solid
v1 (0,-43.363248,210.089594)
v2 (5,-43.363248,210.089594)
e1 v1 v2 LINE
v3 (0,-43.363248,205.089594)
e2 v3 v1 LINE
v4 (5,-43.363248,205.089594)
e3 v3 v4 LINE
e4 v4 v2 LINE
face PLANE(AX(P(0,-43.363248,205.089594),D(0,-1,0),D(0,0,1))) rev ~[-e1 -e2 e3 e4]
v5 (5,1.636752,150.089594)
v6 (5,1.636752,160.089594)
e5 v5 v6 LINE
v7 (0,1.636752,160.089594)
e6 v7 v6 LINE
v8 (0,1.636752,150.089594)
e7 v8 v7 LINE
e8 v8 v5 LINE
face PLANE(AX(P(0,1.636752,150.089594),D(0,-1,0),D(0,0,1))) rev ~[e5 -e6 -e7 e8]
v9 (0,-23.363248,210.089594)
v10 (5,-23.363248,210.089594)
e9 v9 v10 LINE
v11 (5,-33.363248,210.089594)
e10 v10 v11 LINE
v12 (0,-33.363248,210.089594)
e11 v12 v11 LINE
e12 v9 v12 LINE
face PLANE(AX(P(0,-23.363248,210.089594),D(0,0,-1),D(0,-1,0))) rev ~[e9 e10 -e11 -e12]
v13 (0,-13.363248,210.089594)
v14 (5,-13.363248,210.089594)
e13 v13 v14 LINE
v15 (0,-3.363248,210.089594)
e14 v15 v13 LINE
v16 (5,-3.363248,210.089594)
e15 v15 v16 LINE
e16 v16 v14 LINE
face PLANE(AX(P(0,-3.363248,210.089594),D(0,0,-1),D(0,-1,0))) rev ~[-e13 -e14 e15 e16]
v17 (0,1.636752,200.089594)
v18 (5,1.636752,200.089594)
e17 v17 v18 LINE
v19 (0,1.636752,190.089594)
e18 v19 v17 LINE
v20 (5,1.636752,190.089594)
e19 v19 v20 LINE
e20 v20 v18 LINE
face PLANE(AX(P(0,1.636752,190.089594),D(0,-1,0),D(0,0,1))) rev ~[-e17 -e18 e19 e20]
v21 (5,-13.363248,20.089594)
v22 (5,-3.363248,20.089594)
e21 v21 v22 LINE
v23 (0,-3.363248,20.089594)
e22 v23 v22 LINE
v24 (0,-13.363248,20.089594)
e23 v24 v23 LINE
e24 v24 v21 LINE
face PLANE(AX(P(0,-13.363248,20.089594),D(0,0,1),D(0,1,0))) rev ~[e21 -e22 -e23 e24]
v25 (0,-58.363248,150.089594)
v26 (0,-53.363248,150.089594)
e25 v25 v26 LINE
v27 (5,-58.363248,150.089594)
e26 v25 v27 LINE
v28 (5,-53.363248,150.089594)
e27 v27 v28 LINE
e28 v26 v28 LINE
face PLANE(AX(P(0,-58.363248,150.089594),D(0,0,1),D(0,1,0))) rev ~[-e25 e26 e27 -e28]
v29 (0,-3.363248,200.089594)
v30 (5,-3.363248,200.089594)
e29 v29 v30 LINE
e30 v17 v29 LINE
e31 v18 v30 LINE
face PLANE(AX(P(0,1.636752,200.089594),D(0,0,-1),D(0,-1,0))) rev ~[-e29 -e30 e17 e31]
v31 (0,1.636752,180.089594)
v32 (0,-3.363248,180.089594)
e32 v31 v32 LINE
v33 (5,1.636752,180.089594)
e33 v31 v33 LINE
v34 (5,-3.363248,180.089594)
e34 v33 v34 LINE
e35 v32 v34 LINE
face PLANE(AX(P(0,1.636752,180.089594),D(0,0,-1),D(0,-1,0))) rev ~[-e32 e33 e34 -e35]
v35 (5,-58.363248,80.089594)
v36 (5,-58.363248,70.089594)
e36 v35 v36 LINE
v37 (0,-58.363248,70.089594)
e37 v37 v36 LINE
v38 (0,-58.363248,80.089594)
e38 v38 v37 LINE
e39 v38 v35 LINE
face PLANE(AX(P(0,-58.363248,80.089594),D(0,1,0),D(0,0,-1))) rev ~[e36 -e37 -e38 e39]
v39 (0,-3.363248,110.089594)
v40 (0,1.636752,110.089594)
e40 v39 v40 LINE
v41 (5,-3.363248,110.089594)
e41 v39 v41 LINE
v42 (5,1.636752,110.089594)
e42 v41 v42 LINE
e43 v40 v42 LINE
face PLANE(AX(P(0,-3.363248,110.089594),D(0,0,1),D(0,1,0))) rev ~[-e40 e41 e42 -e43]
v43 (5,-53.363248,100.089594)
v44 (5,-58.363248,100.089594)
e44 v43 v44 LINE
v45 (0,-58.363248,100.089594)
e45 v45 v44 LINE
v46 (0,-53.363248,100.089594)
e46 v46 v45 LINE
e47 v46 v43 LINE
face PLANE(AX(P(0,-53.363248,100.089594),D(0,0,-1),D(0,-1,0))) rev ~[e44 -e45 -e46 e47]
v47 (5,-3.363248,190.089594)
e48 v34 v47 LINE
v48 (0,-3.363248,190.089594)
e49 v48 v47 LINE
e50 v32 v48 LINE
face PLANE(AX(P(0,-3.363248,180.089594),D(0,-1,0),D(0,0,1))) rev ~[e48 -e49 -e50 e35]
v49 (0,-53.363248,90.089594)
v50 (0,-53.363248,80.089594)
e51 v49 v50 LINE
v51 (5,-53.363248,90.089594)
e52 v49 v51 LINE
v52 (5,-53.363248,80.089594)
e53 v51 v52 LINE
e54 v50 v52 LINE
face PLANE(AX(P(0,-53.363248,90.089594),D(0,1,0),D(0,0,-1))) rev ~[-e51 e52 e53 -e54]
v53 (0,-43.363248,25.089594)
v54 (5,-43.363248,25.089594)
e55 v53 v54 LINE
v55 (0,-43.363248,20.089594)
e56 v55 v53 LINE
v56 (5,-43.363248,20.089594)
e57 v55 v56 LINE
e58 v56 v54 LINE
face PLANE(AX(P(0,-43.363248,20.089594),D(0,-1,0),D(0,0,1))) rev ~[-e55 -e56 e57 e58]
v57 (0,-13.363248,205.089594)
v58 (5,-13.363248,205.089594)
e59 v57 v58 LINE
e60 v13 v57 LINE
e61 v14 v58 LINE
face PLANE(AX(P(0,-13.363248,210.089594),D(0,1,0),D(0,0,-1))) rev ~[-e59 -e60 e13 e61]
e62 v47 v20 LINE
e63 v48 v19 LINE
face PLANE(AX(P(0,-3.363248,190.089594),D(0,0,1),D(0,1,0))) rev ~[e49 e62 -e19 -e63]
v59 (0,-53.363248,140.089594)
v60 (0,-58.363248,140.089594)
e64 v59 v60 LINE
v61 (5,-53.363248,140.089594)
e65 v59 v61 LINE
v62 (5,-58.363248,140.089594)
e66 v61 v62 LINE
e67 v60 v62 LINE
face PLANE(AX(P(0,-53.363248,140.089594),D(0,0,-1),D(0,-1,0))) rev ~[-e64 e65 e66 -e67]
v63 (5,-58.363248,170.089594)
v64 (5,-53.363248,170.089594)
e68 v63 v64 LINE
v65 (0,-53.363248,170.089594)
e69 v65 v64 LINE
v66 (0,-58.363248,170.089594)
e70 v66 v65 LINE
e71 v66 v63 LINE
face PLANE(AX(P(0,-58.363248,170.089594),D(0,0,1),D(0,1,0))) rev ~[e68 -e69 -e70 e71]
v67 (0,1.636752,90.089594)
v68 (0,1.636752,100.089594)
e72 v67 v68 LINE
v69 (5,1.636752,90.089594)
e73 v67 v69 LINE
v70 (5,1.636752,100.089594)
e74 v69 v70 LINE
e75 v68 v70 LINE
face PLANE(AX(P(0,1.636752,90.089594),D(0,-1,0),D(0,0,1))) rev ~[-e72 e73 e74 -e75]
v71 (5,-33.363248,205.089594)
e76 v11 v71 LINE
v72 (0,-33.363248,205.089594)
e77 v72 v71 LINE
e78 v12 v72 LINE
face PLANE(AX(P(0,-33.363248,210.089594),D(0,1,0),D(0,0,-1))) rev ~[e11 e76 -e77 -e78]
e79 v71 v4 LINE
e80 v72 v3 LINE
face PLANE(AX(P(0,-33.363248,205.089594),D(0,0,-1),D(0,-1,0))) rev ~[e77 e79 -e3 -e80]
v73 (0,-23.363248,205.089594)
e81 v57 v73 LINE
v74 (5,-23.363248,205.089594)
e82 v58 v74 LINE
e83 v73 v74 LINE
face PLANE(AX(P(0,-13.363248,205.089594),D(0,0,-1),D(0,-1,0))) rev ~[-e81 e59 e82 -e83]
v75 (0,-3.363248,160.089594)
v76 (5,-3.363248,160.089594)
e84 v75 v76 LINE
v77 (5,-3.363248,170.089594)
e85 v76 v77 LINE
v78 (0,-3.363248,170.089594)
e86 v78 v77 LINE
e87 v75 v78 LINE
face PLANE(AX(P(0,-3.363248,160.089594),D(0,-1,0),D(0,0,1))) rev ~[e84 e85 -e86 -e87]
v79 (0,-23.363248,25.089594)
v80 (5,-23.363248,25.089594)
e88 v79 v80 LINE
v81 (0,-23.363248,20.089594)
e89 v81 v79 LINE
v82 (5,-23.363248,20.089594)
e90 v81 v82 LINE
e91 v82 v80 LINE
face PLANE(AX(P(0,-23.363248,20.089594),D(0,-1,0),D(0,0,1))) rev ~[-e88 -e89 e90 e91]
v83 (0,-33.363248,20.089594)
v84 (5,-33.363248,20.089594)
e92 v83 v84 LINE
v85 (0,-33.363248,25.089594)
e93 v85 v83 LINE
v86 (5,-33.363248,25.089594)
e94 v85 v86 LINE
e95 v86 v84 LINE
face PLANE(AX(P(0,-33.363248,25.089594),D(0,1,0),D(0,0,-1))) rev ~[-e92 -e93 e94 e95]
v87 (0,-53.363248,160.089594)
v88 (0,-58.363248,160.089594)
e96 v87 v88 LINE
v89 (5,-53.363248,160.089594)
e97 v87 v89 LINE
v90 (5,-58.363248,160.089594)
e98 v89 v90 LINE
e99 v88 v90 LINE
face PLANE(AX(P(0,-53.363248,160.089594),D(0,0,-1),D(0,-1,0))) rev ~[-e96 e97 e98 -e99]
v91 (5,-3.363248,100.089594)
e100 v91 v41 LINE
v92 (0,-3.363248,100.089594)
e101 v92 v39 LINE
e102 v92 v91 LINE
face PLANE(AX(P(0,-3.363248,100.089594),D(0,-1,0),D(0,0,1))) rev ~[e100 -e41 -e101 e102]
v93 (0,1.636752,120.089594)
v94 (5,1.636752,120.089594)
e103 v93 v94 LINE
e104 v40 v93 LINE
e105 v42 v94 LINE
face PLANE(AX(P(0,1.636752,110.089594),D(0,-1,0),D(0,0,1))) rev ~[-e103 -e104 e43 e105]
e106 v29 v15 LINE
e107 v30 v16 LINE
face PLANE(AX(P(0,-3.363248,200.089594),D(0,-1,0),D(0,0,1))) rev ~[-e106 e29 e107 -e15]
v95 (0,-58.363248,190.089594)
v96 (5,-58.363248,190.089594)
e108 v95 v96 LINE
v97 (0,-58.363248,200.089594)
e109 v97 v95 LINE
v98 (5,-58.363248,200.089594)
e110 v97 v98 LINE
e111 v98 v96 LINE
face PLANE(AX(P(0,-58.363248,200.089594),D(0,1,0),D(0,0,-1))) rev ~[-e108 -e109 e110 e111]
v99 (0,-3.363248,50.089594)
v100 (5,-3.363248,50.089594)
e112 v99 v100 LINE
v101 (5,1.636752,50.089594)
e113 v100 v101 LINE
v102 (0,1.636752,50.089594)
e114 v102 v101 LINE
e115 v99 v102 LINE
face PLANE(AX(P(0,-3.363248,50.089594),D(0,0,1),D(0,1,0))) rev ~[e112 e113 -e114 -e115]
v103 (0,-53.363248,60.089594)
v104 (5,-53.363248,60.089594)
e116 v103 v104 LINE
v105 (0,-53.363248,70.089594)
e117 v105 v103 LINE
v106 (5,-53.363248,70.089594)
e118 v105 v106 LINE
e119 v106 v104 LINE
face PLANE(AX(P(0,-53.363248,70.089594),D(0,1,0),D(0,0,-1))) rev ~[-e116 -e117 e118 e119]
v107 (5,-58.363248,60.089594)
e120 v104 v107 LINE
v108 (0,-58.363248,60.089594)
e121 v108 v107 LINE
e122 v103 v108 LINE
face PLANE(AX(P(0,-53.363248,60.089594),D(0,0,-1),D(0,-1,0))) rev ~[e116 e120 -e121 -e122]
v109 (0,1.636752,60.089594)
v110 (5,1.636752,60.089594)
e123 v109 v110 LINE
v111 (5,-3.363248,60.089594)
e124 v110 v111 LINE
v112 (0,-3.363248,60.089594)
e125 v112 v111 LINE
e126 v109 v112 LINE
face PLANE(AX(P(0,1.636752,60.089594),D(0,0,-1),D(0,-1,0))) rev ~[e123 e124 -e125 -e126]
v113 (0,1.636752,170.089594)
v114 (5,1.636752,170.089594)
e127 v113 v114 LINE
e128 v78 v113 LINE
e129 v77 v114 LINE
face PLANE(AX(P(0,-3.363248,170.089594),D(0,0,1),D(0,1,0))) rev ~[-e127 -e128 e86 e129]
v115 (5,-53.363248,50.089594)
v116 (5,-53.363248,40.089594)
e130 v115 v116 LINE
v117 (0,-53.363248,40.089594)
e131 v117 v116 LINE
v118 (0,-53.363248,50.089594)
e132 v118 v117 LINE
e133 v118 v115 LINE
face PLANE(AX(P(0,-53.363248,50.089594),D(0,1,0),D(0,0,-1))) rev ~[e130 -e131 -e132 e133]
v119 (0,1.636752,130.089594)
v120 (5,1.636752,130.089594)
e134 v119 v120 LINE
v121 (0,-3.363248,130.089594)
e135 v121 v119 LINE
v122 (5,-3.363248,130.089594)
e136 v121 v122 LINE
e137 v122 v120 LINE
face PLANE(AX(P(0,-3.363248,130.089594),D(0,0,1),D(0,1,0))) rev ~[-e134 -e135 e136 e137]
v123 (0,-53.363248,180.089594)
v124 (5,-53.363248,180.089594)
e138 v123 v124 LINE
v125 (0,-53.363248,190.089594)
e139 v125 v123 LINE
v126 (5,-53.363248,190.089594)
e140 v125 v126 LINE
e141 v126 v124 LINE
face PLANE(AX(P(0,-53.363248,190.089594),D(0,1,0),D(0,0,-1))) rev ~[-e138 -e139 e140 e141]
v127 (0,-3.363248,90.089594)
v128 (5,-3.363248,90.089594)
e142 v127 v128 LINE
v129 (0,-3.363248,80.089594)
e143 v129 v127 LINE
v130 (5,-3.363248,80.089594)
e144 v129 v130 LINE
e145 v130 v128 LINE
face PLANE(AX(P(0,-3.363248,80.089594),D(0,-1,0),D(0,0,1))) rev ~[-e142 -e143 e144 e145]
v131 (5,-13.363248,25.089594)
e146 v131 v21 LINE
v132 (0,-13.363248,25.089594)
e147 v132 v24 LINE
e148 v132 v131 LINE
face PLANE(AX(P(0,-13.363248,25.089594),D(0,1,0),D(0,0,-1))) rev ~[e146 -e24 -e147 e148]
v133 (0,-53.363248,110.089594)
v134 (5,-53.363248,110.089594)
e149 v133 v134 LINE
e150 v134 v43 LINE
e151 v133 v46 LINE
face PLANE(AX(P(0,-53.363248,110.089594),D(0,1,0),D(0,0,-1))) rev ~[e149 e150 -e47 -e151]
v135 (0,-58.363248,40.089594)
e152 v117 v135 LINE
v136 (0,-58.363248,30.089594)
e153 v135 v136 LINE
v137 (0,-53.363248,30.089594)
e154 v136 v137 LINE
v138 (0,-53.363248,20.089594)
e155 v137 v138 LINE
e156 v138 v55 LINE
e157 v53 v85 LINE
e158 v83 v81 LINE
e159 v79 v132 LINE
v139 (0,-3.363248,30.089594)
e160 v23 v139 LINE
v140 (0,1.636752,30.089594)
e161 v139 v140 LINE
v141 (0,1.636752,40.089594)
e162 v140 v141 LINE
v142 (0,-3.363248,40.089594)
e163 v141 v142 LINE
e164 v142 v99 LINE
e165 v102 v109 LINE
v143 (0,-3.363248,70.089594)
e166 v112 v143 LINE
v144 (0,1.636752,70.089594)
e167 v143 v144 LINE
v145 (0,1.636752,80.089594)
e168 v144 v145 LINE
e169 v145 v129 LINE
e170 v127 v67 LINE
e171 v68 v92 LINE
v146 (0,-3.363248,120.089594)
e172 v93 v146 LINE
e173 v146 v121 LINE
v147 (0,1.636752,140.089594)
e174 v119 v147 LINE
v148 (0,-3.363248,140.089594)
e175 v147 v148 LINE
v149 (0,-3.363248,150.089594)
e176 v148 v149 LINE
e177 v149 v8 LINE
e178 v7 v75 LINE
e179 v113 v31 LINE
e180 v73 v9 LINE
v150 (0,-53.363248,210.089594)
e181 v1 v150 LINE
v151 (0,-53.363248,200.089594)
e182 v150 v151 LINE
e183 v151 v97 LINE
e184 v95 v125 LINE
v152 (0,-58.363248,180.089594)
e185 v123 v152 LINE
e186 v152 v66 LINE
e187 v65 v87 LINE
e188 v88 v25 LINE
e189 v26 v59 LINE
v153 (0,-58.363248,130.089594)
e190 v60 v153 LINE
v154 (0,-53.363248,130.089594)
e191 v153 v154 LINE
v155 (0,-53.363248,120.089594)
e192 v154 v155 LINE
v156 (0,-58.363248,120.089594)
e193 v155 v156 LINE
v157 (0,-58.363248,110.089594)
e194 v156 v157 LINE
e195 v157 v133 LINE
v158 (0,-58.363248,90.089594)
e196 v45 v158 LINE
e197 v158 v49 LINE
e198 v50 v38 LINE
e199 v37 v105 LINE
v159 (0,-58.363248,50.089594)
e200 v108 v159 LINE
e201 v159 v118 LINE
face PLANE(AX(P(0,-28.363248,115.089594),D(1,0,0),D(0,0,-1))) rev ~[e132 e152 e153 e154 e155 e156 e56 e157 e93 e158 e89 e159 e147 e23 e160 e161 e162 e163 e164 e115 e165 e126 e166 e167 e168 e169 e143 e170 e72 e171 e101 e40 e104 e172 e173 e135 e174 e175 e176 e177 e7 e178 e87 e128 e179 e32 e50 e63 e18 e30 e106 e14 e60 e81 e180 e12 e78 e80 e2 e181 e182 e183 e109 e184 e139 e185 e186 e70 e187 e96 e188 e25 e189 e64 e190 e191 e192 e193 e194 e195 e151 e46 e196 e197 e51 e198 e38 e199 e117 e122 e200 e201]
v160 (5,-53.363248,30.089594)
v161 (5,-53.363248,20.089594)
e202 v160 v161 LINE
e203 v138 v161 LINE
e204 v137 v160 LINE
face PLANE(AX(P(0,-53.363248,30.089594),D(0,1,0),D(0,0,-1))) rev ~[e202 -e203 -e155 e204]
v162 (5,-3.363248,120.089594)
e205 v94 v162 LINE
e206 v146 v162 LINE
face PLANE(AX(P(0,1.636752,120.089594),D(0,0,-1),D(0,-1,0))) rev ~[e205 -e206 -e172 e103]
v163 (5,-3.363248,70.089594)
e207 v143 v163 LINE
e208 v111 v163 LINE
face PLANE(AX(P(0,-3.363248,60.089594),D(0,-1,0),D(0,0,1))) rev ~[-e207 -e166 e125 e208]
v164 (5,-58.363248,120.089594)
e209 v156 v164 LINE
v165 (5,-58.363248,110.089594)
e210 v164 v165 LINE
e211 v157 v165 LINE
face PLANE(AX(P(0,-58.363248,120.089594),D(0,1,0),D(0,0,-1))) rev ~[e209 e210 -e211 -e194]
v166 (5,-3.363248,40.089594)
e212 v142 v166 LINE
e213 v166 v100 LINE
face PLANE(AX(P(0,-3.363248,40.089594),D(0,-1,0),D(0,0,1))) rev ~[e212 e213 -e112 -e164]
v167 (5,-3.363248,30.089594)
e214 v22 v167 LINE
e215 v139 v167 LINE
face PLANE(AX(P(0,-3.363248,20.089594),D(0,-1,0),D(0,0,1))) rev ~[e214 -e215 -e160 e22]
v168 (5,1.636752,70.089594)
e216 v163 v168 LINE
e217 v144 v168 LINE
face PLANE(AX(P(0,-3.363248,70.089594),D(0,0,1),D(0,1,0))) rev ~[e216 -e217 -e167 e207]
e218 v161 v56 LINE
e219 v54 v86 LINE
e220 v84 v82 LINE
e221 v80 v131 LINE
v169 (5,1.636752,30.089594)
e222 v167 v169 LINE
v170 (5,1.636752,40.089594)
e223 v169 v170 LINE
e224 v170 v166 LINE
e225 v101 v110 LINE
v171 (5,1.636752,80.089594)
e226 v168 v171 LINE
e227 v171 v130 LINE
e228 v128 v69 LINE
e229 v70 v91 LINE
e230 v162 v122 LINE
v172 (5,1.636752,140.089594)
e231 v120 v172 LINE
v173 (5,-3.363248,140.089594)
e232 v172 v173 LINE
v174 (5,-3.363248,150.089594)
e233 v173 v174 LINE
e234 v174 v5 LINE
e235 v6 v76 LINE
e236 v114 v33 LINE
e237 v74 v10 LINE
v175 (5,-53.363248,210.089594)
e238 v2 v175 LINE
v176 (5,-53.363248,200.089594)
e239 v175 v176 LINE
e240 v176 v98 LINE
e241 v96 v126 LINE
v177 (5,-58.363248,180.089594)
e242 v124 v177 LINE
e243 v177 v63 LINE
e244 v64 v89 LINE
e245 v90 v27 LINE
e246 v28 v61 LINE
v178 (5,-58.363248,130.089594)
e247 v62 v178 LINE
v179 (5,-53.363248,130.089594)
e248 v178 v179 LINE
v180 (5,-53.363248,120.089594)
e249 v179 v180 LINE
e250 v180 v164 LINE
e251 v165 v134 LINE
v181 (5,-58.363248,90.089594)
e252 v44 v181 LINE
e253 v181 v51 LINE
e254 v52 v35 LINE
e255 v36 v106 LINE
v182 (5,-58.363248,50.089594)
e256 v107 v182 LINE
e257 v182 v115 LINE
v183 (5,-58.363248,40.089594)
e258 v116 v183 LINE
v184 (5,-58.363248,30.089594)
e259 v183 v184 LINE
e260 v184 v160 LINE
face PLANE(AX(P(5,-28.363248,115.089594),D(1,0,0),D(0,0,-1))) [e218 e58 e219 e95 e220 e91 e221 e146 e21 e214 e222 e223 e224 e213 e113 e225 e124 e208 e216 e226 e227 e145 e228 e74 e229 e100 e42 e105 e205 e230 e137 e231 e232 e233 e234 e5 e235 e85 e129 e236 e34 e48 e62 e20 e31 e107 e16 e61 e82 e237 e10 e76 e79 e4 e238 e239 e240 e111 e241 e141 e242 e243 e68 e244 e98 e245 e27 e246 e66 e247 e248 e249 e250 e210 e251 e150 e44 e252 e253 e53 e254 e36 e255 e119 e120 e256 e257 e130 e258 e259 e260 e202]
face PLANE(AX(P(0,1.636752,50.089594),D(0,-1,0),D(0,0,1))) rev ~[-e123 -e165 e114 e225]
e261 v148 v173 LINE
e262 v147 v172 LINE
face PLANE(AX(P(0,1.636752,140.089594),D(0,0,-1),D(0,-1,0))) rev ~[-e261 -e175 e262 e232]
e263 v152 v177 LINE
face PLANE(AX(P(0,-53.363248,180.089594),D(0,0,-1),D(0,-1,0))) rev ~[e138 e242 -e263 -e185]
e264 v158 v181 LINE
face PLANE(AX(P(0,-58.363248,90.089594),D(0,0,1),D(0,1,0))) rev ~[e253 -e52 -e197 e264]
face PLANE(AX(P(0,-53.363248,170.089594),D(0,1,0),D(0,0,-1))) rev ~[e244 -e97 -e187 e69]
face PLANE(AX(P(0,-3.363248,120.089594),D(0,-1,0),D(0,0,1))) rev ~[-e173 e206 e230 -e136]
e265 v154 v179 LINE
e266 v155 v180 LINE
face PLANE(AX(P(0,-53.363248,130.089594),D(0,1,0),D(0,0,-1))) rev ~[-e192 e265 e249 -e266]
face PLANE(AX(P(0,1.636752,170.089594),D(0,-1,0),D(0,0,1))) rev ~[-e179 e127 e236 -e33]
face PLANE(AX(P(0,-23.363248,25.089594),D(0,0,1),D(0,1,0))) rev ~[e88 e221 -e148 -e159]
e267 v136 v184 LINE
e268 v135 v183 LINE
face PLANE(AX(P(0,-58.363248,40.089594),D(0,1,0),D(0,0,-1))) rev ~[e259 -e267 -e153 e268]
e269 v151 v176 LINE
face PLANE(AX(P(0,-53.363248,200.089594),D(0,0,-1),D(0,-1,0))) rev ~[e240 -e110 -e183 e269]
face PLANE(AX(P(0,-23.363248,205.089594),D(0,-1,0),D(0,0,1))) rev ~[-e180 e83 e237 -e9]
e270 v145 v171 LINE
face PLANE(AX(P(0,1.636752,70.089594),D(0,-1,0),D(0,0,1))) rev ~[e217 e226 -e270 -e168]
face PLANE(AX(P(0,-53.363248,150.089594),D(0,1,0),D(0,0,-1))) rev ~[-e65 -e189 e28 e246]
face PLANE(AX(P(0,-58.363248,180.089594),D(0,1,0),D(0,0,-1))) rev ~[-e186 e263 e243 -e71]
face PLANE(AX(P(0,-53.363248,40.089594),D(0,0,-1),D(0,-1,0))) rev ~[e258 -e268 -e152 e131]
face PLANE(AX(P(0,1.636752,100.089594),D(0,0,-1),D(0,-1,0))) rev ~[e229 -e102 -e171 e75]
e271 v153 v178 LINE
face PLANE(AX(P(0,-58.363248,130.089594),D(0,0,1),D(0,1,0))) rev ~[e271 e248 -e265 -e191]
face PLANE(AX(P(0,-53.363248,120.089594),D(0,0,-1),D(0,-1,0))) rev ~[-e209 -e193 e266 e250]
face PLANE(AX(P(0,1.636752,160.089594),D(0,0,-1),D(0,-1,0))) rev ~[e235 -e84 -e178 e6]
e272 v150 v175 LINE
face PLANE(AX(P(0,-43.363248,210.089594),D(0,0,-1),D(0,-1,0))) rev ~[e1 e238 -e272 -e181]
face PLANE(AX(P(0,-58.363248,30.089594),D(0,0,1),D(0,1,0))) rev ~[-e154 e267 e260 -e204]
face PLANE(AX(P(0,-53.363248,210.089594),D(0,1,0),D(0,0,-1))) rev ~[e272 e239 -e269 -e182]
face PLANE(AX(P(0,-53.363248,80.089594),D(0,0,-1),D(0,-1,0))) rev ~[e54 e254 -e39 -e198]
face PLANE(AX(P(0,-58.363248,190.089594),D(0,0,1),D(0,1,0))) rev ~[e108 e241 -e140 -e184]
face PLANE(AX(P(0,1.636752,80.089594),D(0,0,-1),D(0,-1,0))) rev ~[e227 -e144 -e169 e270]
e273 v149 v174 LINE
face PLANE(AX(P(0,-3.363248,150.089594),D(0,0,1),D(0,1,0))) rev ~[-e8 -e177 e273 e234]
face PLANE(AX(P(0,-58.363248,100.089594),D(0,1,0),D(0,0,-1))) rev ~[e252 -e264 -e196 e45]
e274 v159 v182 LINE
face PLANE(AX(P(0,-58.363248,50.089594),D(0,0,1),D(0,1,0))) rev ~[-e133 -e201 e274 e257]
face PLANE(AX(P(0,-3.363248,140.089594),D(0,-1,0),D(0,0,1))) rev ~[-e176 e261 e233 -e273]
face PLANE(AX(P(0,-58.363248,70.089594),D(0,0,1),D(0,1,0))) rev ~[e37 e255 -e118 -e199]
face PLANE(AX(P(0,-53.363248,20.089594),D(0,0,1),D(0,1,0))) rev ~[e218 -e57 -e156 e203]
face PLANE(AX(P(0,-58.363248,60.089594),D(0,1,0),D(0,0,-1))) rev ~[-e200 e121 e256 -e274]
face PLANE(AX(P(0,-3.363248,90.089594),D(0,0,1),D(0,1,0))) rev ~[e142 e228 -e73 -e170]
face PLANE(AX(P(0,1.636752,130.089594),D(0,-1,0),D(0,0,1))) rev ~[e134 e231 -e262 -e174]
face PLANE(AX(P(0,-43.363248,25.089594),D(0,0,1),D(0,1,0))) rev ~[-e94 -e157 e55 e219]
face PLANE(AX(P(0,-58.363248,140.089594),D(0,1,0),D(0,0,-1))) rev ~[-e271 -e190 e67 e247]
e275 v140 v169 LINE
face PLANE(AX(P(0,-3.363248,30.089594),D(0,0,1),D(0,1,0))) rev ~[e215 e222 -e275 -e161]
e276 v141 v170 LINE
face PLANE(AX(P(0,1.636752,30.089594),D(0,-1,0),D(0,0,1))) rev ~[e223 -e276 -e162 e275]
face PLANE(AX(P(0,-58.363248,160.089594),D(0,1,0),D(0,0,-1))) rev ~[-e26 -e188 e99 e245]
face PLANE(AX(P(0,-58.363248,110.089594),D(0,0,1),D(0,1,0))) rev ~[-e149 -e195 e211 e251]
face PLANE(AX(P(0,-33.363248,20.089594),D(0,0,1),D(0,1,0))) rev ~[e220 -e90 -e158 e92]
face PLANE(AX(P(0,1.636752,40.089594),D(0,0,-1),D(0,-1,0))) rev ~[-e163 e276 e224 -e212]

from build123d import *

# Parameters (mm, degrees)
BOSS_EXTRUDE3_DEPTH = 5


with BuildPart() as part:
    # Sketch2 → Boss-Extrude3 (new body)
    with BuildSketch(Plane(origin=(0, 0, 0), x_dir=(0, 0, -1), z_dir=(1, 0, 0))):
        Polygon((-30.089594047, -3.36324765), (-30.089594047, 1.63675235), (-40.089594047, 1.63675235), (-40.089594047, -3.36324765), (-50.089594047, -3.36324765), (-50.089594047, 1.63675235), (-60.089594047, 1.63675235), (-60.089594047, -3.36324765), (-70.089594047, -3.36324765), (-70.089594047, 1.63675235), (-80.089594047, 1.63675235), (-80.089594047, -3.36324765), (-90.089594047, -3.36324765), (-90.089594047, 1.63675235), (-100.089594047, 1.63675235), (-100.089594047, -3.36324765), (-110.089594047, -3.36324765), (-110.089594047, 1.63675235), (-120.089594047, 1.63675235), (-120.089594047, -3.36324765), (-130.089594047, -3.36324765), (-130.089594047, 1.63675235), (-140.089594047, 1.63675235), (-140.089594047, -3.36324765), (-150.089594047, -3.36324765), (-150.089594047, 1.63675235), (-160.089594047, 1.63675235), (-160.089594047, -3.36324765), (-170.089594047, -3.36324765), (-170.089594047, 1.63675235), (-180.089594047, 1.63675235), (-180.089594047, -3.36324765), (-190.089594047, -3.36324765), (-190.089594047, 1.63675235), (-200.089594047, 1.63675235), (-200.089594047, -3.36324765), (-210.089594047, -3.36324765), (-210.089594047, -13.36324765), (-205.089594047, -13.36324765), (-205.089594047, -23.36324765), (-210.089594047, -23.36324765), (-210.089594047, -33.36324765), (-205.089594047, -33.36324765), (-205.089594047, -43.36324765), (-210.089594047, -43.36324765), (-210.089594047, -53.36324765), (-200.089594047, -53.36324765), (-200.089594047, -58.36324765), (-190.089594047, -58.36324765), (-190.089594047, -53.36324765), (-180.089594047, -53.36324765), (-180.089594047, -58.36324765), (-170.089594047, -58.36324765), (-170.089594047, -53.36324765), (-160.089594047, -53.36324765), (-160.089594047, -58.36324765), (-150.089594047, -58.36324765), (-150.089594047, -53.36324765), (-140.089594047, -53.36324765), (-140.089594047, -58.36324765), (-130.089594047, -58.36324765), (-130.089594047, -53.36324765), (-120.089594047, -53.36324765), (-120.089594047, -58.36324765), (-110.089594047, -58.36324765), (-110.089594047, -53.36324765), (-100.089594047, -53.36324765), (-100.089594047, -58.36324765), (-90.089594047, -58.36324765), (-90.089594047, -53.36324765), (-80.089594047, -53.36324765), (-80.089594047, -58.36324765), (-70.089594047, -58.36324765), (-70.089594047, -53.36324765), (-60.089594047, -53.36324765), (-60.089594047, -58.36324765), (-50.089594047, -58.36324765), (-50.089594047, -53.36324765), (-40.089594047, -53.36324765), (-40.089594047, -58.36324765), (-30.089594047, -58.36324765), (-30.089594047, -53.36324765), (-20.089594047, -53.36324765), (-20.089594047, -43.36324765), (-25.089594047, -43.36324765), (-25.089594047, -33.36324765), (-20.089594047, -33.36324765), (-20.089594047, -23.36324765), (-25.089594047, -23.36324765), (-25.089594047, -13.36324765), (-20.089594047, -13.36324765), (-20.089594047, -3.36324765), align=None)
    extrude(amount=BOSS_EXTRUDE3_DEPTH)


solid = part.part
